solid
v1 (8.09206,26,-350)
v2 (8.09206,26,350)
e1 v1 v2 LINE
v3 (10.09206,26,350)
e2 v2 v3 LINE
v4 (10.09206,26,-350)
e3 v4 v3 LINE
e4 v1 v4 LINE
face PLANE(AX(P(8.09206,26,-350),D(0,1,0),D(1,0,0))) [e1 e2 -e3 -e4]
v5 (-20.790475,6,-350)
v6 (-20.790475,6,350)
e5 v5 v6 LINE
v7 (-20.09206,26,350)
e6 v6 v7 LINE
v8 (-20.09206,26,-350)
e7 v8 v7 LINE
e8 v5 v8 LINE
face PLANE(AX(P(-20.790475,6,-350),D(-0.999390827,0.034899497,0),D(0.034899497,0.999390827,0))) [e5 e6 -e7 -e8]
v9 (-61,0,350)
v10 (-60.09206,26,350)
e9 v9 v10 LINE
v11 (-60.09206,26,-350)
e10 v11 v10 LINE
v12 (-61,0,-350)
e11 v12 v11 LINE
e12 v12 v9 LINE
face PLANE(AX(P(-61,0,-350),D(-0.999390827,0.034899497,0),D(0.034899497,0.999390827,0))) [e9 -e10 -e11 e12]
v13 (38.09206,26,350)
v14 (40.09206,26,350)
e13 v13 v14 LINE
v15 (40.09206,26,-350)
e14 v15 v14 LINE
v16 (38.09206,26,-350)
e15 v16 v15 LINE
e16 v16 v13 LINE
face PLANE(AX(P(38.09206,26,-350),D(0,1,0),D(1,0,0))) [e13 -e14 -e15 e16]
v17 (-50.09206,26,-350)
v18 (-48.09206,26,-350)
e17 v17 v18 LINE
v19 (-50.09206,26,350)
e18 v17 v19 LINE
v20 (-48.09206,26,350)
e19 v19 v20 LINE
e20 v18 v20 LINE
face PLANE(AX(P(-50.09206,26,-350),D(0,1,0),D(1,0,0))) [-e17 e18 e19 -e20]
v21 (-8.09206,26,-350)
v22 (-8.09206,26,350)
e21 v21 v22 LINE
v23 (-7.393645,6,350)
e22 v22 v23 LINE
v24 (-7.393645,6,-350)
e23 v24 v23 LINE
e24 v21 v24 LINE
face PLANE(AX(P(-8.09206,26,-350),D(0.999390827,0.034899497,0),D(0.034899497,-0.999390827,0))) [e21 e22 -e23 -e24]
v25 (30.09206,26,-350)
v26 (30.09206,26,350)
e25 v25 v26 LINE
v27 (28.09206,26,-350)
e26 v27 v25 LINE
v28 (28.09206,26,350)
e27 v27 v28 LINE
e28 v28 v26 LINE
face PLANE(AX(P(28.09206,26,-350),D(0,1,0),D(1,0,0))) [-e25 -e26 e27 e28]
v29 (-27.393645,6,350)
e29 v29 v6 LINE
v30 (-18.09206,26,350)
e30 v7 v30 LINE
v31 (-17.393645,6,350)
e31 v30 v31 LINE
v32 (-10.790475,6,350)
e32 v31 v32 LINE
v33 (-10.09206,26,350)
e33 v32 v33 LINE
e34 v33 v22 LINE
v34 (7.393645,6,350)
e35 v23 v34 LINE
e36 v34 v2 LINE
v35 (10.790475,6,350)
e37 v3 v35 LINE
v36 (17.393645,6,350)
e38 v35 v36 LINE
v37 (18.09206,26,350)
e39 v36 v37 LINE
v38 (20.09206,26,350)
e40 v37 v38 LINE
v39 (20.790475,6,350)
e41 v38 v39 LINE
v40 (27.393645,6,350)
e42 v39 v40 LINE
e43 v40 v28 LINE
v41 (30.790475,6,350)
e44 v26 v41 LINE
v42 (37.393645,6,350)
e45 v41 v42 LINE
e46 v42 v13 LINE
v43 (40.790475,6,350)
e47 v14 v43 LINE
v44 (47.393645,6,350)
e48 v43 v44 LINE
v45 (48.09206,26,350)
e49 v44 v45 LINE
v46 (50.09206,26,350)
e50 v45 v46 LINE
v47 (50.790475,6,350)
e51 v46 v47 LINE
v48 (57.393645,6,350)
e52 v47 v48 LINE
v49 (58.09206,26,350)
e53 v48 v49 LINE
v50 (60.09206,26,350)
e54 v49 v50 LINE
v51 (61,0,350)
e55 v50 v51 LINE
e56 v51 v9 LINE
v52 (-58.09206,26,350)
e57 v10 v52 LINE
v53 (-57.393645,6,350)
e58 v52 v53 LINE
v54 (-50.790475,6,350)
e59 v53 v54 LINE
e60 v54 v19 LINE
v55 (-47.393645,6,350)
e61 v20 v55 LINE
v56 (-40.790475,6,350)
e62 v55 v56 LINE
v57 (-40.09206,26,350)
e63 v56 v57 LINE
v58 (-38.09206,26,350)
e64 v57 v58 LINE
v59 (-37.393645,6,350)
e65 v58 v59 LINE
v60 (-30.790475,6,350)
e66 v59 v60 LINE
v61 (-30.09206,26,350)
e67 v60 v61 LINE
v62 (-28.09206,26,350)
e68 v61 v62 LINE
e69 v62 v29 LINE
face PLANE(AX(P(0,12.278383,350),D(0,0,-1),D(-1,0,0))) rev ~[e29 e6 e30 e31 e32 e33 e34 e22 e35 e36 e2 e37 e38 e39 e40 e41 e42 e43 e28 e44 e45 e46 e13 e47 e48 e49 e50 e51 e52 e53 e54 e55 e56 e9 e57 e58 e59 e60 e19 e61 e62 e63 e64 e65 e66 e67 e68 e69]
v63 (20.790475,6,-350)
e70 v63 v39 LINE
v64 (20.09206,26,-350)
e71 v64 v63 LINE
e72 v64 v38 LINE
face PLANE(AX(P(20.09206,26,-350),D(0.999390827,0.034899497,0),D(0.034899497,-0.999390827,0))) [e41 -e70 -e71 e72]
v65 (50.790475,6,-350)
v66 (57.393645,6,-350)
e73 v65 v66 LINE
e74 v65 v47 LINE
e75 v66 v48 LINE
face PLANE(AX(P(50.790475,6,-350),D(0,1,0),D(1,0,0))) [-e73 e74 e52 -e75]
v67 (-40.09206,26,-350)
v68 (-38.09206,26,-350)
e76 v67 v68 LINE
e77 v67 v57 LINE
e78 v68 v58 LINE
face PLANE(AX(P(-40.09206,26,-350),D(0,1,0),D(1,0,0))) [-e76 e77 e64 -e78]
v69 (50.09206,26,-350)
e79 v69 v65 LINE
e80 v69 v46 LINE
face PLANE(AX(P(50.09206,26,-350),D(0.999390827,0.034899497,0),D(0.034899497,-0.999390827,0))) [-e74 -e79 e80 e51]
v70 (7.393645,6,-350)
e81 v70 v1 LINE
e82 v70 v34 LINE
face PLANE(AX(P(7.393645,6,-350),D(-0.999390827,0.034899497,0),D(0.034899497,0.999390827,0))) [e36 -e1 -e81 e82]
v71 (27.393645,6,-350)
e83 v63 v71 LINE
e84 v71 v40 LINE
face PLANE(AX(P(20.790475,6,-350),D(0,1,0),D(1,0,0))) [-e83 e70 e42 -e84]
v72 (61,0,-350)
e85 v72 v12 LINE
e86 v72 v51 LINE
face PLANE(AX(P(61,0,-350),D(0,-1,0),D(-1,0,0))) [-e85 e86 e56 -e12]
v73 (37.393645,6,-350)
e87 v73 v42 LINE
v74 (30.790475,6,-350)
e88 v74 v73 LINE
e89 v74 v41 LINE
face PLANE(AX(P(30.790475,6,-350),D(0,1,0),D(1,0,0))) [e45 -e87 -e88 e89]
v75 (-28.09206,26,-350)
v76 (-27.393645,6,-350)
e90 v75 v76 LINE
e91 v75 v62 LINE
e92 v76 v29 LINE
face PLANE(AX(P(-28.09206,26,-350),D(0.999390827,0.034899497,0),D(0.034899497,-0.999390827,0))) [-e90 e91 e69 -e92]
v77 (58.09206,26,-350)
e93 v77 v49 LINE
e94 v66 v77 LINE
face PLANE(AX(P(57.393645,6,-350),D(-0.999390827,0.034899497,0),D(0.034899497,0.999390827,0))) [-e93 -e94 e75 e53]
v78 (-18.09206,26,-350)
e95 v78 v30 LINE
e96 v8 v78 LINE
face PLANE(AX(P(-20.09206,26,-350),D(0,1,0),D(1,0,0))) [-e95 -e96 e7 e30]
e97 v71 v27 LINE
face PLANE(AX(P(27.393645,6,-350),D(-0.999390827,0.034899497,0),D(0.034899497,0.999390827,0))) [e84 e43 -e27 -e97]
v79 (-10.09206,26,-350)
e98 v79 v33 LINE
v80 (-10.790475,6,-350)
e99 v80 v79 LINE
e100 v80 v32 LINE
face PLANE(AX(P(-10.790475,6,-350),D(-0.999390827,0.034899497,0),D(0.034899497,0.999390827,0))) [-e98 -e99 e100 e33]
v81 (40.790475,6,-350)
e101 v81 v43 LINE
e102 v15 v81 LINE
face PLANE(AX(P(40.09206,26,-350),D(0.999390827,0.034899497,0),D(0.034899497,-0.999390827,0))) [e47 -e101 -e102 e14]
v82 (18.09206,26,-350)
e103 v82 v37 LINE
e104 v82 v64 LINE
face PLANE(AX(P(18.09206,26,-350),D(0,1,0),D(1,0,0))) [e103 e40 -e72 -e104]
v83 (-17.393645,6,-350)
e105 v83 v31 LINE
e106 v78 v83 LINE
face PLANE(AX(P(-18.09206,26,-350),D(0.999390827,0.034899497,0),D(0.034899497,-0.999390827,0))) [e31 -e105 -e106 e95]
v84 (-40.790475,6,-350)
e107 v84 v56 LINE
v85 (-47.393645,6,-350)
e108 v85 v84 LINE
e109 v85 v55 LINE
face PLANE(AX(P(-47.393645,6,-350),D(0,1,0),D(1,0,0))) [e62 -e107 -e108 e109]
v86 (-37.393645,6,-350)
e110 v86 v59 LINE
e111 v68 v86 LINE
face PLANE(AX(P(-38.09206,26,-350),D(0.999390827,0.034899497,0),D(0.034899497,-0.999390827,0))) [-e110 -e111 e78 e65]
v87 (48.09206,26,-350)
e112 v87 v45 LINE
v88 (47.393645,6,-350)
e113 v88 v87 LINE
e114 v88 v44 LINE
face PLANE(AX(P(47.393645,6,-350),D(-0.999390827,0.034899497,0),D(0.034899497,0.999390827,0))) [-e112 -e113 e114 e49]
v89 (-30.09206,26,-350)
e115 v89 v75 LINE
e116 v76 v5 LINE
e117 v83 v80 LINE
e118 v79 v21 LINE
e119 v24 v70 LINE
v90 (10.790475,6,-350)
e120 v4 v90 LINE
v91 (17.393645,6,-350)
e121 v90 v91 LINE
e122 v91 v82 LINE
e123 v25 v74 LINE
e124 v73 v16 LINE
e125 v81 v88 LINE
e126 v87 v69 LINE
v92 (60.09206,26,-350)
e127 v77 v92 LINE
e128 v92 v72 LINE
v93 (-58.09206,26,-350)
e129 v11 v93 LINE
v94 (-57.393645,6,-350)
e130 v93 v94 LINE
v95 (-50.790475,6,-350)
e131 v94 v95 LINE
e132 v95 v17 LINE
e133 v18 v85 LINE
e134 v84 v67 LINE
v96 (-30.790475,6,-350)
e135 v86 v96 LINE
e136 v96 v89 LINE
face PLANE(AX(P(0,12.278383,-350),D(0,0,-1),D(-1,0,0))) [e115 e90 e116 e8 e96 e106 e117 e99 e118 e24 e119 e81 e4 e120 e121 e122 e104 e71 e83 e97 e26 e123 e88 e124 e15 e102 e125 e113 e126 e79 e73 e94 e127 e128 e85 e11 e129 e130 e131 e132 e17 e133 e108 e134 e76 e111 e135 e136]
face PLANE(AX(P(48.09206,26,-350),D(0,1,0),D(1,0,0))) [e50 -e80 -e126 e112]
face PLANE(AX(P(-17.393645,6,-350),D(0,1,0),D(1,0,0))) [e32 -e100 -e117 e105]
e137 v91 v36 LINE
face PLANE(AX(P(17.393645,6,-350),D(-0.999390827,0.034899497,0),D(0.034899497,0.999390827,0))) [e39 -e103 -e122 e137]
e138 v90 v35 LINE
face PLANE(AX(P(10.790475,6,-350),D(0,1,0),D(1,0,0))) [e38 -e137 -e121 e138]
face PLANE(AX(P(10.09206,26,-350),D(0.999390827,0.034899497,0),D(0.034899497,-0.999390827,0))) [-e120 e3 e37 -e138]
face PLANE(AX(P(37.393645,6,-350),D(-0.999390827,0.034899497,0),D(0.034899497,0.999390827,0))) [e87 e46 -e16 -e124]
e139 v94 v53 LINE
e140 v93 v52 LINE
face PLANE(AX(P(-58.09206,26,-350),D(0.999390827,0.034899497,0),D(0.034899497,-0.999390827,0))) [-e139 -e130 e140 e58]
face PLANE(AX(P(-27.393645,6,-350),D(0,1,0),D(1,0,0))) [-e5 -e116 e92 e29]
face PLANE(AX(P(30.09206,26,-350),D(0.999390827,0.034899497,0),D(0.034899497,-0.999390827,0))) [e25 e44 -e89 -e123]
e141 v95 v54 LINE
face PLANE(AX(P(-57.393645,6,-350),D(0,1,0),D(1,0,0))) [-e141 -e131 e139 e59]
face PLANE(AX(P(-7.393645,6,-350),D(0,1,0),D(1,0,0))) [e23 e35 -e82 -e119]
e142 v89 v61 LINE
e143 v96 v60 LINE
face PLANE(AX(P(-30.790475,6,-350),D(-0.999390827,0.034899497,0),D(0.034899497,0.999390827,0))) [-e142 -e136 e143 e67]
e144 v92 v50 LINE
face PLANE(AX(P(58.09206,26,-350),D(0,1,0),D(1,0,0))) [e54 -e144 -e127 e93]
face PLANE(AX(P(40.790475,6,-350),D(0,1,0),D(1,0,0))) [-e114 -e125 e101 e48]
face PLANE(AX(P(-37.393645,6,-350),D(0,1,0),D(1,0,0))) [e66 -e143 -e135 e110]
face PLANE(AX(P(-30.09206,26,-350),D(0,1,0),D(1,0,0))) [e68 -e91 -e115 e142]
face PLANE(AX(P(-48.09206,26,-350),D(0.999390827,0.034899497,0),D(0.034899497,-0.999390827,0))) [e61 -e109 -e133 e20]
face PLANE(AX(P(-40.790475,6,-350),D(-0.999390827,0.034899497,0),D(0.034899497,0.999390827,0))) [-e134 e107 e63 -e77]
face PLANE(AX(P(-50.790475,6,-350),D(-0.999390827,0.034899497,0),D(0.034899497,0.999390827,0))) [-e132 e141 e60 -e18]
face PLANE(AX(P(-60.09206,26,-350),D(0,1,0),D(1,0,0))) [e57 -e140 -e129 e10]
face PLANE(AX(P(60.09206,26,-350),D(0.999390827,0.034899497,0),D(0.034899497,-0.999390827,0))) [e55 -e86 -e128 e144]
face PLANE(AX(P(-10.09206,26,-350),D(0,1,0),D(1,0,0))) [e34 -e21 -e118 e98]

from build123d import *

# Parameters (mm, degrees)
BOSS_EXTRUDE1_DEPTH      = 350
BOSS_EXTRUDE1_DEPTH_BACK = 350


with BuildPart() as part:
    # Sketch1 → Boss-Extrude1 (new, two sides: drawn at the far end of the back side and taken through both)
    with BuildSketch(Plane.XY.offset(-BOSS_EXTRUDE1_DEPTH_BACK)):
        Polygon((61, 0), (-61, 0), (-60.092059993, 26), (-58.092059993, 26), (-57.393644603, 6), (-50.790475383, 6), (-50.092059993, 26), (-48.092059993, 26), (-47.393644603, 6), (-40.790475383, 6), (-40.092059993, 26), (-38.092059993, 26), (-37.393644603, 6), (-30.790475383, 6), (-30.092059993, 26), (-28.092059993, 26), (-27.393644603, 6), (-20.790475383, 6), (-20.092059993, 26), (-18.092059993, 26), (-17.393644603, 6), (-10.790475383, 6), (-10.092059993, 26), (-8.092059993, 26), (-7.393644603, 6), (7.393644603, 6), (8.092059993, 26), (10.092059993, 26), (10.790475383, 6), (17.393644603, 6), (18.092059993, 26), (20.092059993, 26), (20.790475383, 6), (27.393644603, 6), (28.092059993, 26), (30.092059993, 26), (30.790475383, 6), (37.393644603, 6), (38.092059993, 26), (40.092059993, 26), (40.790475383, 6), (47.393644603, 6), (48.092059993, 26), (50.092059993, 26), (50.790475383, 6), (57.393644603, 6), (58.092059993, 26), (60.092059993, 26), align=None)
    extrude(amount=BOSS_EXTRUDE1_DEPTH + BOSS_EXTRUDE1_DEPTH_BACK)


solid = part.part
